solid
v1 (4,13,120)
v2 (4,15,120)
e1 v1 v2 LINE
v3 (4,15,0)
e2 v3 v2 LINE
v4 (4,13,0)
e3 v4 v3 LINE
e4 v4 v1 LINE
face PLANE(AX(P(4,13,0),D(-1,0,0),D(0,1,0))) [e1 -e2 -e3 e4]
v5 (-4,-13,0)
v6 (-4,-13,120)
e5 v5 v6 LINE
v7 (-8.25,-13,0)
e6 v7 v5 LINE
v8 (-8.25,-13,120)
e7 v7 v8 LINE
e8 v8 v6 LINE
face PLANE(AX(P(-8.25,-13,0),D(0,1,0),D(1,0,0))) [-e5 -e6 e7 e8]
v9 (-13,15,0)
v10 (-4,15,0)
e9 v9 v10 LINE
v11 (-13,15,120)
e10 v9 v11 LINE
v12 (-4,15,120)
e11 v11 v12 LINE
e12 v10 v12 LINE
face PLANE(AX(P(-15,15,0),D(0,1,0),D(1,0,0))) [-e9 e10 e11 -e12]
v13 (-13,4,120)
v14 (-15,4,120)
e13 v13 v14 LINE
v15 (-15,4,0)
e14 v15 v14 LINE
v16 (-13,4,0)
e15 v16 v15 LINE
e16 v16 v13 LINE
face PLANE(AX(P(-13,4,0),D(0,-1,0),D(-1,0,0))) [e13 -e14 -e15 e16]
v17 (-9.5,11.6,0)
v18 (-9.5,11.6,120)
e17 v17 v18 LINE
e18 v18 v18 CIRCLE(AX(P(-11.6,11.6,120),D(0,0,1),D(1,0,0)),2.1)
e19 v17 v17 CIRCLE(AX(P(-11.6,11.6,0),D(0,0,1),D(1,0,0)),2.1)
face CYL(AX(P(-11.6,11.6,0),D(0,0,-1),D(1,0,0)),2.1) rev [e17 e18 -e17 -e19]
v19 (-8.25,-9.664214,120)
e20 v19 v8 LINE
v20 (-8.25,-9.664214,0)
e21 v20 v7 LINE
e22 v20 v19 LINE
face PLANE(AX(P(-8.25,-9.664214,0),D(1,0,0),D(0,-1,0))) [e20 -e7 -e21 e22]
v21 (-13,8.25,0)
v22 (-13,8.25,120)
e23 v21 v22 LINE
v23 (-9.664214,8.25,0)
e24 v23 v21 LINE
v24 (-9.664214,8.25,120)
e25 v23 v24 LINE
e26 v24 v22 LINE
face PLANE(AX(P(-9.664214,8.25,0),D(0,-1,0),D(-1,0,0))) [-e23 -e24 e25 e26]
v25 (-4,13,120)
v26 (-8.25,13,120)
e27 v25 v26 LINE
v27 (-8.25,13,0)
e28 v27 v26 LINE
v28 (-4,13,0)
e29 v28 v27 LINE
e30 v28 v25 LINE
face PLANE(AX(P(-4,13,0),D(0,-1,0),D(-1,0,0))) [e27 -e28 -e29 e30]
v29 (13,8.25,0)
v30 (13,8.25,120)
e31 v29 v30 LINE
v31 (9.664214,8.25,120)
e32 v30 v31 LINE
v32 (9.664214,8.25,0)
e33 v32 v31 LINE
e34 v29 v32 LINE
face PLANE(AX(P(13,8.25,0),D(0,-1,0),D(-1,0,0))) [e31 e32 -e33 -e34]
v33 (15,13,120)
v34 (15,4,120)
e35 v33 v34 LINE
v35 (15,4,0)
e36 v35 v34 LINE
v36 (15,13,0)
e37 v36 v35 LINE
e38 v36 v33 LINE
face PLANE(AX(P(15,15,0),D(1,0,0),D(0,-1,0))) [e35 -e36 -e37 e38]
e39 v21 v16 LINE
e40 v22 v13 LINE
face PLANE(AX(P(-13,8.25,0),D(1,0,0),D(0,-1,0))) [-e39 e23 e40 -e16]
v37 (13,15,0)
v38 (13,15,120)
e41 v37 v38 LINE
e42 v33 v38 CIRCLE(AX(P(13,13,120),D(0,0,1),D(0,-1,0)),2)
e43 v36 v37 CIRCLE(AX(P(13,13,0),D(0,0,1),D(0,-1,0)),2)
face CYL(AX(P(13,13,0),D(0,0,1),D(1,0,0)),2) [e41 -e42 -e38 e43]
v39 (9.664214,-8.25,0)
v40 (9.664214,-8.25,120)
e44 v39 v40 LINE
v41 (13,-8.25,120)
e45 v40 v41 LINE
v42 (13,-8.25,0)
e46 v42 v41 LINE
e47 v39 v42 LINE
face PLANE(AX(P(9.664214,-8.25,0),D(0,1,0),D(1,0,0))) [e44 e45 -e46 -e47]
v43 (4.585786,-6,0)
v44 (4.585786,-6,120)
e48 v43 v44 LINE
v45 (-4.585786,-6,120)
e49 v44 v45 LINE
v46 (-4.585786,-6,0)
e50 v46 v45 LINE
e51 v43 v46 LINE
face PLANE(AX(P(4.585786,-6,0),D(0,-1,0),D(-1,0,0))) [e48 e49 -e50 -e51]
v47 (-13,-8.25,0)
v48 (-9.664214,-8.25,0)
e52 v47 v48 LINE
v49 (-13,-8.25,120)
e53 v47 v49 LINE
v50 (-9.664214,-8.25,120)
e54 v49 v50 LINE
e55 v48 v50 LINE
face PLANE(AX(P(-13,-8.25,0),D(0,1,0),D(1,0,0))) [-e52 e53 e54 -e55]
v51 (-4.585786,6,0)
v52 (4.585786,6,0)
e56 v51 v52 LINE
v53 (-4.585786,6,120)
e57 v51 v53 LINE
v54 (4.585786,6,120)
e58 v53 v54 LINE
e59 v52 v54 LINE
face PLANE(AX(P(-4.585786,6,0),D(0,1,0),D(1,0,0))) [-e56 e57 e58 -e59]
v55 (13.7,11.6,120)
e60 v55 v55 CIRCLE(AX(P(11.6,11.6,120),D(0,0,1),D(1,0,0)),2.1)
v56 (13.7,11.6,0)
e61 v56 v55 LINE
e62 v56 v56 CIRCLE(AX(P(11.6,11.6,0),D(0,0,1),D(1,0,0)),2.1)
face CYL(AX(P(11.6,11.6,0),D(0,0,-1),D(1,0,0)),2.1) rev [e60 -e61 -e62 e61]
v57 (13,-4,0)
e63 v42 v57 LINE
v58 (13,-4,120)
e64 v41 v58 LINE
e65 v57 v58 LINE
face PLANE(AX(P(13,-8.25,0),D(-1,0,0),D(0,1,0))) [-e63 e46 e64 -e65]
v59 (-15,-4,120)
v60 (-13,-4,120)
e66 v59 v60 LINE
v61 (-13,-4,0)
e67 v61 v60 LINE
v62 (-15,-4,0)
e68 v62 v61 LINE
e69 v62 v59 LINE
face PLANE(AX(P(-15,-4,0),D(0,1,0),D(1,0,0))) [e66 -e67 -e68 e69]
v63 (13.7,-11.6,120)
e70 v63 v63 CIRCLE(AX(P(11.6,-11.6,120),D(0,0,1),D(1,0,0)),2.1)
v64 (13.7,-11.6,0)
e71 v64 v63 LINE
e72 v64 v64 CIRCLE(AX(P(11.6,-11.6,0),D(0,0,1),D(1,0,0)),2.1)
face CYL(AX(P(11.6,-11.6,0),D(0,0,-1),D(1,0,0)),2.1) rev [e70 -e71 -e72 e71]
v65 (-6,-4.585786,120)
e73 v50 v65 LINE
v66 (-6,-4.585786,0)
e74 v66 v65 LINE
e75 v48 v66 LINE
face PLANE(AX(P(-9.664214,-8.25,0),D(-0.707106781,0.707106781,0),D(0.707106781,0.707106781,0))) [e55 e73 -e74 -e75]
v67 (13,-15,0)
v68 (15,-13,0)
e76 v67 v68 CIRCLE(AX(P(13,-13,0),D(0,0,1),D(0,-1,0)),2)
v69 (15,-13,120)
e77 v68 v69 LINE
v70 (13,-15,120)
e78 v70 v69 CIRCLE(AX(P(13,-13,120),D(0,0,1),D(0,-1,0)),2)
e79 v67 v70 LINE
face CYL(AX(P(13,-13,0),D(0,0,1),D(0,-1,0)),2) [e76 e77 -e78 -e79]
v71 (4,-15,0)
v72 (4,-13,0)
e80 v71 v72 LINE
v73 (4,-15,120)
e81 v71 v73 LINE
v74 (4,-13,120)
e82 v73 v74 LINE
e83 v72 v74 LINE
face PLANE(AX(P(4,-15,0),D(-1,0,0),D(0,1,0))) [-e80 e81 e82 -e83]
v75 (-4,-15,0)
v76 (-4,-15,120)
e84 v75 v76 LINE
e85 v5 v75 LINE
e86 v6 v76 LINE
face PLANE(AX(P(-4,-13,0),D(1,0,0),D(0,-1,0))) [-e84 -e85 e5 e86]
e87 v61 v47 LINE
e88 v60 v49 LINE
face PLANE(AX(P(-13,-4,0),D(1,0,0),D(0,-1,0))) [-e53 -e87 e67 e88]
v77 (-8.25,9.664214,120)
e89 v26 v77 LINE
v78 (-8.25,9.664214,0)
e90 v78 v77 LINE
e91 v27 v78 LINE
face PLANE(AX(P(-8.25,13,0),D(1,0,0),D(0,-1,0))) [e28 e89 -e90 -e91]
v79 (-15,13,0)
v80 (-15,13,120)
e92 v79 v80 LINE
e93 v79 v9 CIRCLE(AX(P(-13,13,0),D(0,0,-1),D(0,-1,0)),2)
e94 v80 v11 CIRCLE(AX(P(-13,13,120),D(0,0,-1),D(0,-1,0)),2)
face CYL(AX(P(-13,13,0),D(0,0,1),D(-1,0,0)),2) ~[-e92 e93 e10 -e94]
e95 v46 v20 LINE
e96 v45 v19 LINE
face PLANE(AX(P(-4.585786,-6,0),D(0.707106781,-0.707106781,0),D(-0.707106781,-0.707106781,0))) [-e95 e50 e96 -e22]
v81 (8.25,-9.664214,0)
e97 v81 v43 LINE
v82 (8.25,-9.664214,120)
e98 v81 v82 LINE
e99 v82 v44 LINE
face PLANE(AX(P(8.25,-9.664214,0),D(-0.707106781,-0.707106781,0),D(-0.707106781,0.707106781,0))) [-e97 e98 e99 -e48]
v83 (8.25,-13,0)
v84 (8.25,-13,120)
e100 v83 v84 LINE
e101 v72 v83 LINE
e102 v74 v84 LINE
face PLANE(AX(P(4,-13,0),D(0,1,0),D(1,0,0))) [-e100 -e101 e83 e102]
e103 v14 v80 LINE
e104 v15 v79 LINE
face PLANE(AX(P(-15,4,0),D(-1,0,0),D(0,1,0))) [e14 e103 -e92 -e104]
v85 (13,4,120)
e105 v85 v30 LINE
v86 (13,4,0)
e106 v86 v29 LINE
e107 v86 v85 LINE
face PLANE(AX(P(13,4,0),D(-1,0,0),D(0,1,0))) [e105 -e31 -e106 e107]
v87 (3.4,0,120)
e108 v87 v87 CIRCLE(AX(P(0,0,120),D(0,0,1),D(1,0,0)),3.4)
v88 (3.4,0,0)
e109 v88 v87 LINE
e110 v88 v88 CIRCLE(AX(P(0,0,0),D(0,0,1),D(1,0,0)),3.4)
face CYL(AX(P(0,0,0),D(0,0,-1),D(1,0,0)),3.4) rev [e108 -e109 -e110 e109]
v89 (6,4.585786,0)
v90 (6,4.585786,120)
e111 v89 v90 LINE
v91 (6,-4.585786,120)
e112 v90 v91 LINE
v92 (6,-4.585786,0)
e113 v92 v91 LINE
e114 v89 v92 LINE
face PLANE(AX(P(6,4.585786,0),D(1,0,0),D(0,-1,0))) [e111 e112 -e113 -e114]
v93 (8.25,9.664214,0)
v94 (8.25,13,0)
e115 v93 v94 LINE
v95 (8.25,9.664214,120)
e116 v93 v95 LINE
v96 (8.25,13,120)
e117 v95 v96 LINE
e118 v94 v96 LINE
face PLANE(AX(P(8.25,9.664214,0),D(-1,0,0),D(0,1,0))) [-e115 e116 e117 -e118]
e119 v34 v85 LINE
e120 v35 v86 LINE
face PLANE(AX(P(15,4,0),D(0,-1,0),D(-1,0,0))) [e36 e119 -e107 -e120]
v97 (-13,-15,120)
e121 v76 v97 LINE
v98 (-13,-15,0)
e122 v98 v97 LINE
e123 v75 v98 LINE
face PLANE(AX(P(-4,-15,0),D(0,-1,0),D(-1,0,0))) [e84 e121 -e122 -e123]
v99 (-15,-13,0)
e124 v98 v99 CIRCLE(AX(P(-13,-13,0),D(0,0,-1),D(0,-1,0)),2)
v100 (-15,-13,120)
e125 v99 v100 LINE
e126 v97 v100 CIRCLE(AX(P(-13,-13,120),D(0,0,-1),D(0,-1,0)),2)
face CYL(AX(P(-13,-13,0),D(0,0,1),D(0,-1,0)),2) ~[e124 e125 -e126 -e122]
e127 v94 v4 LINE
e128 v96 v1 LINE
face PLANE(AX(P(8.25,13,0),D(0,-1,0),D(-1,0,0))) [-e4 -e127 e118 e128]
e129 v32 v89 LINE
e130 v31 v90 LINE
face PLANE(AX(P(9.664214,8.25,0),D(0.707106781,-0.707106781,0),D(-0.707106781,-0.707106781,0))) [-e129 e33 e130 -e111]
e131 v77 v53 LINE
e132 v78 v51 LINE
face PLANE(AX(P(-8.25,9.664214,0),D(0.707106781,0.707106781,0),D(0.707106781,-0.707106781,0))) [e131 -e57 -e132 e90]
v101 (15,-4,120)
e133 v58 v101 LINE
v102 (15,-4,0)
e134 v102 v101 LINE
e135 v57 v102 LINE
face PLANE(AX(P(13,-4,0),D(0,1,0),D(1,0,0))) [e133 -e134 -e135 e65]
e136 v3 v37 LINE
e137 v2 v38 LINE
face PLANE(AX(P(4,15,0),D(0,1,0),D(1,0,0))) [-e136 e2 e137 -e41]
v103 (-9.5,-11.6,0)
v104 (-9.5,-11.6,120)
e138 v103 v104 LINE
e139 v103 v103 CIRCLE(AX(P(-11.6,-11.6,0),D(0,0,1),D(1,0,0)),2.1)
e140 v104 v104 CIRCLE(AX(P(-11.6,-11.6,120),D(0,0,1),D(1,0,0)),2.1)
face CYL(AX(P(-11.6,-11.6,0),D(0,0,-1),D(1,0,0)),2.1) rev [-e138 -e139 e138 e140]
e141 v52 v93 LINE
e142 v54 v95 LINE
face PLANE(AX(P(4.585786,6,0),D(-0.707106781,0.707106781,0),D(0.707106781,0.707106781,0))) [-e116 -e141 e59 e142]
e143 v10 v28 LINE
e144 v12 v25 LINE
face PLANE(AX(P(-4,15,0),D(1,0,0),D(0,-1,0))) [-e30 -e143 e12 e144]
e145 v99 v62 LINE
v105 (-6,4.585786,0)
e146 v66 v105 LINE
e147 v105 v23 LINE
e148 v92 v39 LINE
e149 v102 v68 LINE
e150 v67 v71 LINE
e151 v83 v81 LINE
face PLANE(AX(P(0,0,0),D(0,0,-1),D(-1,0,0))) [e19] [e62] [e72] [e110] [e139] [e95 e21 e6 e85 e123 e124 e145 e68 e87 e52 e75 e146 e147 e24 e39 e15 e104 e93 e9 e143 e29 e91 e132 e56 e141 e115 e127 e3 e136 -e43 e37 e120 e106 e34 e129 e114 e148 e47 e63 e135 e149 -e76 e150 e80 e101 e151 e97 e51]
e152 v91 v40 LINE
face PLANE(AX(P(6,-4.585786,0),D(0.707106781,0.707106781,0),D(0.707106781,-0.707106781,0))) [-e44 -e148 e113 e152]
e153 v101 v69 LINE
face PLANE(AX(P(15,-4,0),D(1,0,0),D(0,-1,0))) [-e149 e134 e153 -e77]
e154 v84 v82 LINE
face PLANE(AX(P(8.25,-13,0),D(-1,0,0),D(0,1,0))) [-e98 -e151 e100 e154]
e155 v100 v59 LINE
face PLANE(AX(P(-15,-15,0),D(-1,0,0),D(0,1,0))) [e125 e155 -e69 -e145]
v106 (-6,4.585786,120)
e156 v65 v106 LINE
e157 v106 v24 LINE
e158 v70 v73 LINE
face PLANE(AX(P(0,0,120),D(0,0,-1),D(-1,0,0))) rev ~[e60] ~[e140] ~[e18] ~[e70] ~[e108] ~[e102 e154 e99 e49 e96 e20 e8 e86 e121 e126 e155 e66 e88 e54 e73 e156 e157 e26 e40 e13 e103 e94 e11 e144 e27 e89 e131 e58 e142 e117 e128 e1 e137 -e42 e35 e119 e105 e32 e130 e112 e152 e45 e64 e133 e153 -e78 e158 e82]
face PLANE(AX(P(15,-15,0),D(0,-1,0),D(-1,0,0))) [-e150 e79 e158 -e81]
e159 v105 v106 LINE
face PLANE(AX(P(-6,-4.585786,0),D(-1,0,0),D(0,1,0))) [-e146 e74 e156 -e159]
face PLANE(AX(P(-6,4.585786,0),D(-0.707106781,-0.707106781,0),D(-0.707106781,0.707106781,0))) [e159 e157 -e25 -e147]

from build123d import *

# Parameters (mm, degrees)
SKETCH1_R           = 3.4
SKETCH1_R_2         = 2.1
BOSS_EXTRUDE1_DEPTH = 120
FILLET1_R           = 2


with BuildPart() as part:
    # Sketch1 → Boss-Extrude1 (new body)
    with BuildSketch(Plane.XY):
        Polygon((15, -15), (4, -15), (4, -13), (8.25, -13), (8.25, -9.664213562), (4.585786438, -6), (-4.585786438, -6), (-8.25, -9.664213562), (-8.25, -13), (-4, -13), (-4, -15), (-15, -15), (-15, -4), (-13, -4), (-13, -8.25), (-9.664213562, -8.25), (-6, -4.585786438), (-6, 4.585786438), (-9.664213562, 8.25), (-13, 8.25), (-13, 4), (-15, 4), (-15, 15), (-4, 15), (-4, 13), (-8.25, 13), (-8.25, 9.664213562), (-4.585786438, 6), (4.585786438, 6), (8.25, 9.664213562), (8.25, 13), (4, 13), (4, 15), (15, 15), (15, 4), (13, 4), (13, 8.25), (9.664213562, 8.25), (6, 4.585786438), (6, -4.585786438), (9.664213562, -8.25), (13, -8.25), (13, -4), (15, -4), align=None)
        Circle(SKETCH1_R, mode=Mode.SUBTRACT)
        with Locations((-11.6, 11.6)):
            Circle(SKETCH1_R_2, mode=Mode.SUBTRACT)
        with Locations((11.6, 11.6)):
            Circle(SKETCH1_R_2, mode=Mode.SUBTRACT)
        with Locations((11.6, -11.6)):
            Circle(SKETCH1_R_2, mode=Mode.SUBTRACT)
        with Locations((-11.6, -11.6)):
            Circle(SKETCH1_R_2, mode=Mode.SUBTRACT)
    extrude(amount=BOSS_EXTRUDE1_DEPTH)

    # Fillet1
    fillet1_edges = [part.edges().sort_by_distance(p)[0] for p in [
        (-15, -15, 60),
        (-15, 15, 60),
        (15, 15, 60),
        (15, -15, 60),
    ]]
    fillet(fillet1_edges, radius=FILLET1_R)


solid = part.part
